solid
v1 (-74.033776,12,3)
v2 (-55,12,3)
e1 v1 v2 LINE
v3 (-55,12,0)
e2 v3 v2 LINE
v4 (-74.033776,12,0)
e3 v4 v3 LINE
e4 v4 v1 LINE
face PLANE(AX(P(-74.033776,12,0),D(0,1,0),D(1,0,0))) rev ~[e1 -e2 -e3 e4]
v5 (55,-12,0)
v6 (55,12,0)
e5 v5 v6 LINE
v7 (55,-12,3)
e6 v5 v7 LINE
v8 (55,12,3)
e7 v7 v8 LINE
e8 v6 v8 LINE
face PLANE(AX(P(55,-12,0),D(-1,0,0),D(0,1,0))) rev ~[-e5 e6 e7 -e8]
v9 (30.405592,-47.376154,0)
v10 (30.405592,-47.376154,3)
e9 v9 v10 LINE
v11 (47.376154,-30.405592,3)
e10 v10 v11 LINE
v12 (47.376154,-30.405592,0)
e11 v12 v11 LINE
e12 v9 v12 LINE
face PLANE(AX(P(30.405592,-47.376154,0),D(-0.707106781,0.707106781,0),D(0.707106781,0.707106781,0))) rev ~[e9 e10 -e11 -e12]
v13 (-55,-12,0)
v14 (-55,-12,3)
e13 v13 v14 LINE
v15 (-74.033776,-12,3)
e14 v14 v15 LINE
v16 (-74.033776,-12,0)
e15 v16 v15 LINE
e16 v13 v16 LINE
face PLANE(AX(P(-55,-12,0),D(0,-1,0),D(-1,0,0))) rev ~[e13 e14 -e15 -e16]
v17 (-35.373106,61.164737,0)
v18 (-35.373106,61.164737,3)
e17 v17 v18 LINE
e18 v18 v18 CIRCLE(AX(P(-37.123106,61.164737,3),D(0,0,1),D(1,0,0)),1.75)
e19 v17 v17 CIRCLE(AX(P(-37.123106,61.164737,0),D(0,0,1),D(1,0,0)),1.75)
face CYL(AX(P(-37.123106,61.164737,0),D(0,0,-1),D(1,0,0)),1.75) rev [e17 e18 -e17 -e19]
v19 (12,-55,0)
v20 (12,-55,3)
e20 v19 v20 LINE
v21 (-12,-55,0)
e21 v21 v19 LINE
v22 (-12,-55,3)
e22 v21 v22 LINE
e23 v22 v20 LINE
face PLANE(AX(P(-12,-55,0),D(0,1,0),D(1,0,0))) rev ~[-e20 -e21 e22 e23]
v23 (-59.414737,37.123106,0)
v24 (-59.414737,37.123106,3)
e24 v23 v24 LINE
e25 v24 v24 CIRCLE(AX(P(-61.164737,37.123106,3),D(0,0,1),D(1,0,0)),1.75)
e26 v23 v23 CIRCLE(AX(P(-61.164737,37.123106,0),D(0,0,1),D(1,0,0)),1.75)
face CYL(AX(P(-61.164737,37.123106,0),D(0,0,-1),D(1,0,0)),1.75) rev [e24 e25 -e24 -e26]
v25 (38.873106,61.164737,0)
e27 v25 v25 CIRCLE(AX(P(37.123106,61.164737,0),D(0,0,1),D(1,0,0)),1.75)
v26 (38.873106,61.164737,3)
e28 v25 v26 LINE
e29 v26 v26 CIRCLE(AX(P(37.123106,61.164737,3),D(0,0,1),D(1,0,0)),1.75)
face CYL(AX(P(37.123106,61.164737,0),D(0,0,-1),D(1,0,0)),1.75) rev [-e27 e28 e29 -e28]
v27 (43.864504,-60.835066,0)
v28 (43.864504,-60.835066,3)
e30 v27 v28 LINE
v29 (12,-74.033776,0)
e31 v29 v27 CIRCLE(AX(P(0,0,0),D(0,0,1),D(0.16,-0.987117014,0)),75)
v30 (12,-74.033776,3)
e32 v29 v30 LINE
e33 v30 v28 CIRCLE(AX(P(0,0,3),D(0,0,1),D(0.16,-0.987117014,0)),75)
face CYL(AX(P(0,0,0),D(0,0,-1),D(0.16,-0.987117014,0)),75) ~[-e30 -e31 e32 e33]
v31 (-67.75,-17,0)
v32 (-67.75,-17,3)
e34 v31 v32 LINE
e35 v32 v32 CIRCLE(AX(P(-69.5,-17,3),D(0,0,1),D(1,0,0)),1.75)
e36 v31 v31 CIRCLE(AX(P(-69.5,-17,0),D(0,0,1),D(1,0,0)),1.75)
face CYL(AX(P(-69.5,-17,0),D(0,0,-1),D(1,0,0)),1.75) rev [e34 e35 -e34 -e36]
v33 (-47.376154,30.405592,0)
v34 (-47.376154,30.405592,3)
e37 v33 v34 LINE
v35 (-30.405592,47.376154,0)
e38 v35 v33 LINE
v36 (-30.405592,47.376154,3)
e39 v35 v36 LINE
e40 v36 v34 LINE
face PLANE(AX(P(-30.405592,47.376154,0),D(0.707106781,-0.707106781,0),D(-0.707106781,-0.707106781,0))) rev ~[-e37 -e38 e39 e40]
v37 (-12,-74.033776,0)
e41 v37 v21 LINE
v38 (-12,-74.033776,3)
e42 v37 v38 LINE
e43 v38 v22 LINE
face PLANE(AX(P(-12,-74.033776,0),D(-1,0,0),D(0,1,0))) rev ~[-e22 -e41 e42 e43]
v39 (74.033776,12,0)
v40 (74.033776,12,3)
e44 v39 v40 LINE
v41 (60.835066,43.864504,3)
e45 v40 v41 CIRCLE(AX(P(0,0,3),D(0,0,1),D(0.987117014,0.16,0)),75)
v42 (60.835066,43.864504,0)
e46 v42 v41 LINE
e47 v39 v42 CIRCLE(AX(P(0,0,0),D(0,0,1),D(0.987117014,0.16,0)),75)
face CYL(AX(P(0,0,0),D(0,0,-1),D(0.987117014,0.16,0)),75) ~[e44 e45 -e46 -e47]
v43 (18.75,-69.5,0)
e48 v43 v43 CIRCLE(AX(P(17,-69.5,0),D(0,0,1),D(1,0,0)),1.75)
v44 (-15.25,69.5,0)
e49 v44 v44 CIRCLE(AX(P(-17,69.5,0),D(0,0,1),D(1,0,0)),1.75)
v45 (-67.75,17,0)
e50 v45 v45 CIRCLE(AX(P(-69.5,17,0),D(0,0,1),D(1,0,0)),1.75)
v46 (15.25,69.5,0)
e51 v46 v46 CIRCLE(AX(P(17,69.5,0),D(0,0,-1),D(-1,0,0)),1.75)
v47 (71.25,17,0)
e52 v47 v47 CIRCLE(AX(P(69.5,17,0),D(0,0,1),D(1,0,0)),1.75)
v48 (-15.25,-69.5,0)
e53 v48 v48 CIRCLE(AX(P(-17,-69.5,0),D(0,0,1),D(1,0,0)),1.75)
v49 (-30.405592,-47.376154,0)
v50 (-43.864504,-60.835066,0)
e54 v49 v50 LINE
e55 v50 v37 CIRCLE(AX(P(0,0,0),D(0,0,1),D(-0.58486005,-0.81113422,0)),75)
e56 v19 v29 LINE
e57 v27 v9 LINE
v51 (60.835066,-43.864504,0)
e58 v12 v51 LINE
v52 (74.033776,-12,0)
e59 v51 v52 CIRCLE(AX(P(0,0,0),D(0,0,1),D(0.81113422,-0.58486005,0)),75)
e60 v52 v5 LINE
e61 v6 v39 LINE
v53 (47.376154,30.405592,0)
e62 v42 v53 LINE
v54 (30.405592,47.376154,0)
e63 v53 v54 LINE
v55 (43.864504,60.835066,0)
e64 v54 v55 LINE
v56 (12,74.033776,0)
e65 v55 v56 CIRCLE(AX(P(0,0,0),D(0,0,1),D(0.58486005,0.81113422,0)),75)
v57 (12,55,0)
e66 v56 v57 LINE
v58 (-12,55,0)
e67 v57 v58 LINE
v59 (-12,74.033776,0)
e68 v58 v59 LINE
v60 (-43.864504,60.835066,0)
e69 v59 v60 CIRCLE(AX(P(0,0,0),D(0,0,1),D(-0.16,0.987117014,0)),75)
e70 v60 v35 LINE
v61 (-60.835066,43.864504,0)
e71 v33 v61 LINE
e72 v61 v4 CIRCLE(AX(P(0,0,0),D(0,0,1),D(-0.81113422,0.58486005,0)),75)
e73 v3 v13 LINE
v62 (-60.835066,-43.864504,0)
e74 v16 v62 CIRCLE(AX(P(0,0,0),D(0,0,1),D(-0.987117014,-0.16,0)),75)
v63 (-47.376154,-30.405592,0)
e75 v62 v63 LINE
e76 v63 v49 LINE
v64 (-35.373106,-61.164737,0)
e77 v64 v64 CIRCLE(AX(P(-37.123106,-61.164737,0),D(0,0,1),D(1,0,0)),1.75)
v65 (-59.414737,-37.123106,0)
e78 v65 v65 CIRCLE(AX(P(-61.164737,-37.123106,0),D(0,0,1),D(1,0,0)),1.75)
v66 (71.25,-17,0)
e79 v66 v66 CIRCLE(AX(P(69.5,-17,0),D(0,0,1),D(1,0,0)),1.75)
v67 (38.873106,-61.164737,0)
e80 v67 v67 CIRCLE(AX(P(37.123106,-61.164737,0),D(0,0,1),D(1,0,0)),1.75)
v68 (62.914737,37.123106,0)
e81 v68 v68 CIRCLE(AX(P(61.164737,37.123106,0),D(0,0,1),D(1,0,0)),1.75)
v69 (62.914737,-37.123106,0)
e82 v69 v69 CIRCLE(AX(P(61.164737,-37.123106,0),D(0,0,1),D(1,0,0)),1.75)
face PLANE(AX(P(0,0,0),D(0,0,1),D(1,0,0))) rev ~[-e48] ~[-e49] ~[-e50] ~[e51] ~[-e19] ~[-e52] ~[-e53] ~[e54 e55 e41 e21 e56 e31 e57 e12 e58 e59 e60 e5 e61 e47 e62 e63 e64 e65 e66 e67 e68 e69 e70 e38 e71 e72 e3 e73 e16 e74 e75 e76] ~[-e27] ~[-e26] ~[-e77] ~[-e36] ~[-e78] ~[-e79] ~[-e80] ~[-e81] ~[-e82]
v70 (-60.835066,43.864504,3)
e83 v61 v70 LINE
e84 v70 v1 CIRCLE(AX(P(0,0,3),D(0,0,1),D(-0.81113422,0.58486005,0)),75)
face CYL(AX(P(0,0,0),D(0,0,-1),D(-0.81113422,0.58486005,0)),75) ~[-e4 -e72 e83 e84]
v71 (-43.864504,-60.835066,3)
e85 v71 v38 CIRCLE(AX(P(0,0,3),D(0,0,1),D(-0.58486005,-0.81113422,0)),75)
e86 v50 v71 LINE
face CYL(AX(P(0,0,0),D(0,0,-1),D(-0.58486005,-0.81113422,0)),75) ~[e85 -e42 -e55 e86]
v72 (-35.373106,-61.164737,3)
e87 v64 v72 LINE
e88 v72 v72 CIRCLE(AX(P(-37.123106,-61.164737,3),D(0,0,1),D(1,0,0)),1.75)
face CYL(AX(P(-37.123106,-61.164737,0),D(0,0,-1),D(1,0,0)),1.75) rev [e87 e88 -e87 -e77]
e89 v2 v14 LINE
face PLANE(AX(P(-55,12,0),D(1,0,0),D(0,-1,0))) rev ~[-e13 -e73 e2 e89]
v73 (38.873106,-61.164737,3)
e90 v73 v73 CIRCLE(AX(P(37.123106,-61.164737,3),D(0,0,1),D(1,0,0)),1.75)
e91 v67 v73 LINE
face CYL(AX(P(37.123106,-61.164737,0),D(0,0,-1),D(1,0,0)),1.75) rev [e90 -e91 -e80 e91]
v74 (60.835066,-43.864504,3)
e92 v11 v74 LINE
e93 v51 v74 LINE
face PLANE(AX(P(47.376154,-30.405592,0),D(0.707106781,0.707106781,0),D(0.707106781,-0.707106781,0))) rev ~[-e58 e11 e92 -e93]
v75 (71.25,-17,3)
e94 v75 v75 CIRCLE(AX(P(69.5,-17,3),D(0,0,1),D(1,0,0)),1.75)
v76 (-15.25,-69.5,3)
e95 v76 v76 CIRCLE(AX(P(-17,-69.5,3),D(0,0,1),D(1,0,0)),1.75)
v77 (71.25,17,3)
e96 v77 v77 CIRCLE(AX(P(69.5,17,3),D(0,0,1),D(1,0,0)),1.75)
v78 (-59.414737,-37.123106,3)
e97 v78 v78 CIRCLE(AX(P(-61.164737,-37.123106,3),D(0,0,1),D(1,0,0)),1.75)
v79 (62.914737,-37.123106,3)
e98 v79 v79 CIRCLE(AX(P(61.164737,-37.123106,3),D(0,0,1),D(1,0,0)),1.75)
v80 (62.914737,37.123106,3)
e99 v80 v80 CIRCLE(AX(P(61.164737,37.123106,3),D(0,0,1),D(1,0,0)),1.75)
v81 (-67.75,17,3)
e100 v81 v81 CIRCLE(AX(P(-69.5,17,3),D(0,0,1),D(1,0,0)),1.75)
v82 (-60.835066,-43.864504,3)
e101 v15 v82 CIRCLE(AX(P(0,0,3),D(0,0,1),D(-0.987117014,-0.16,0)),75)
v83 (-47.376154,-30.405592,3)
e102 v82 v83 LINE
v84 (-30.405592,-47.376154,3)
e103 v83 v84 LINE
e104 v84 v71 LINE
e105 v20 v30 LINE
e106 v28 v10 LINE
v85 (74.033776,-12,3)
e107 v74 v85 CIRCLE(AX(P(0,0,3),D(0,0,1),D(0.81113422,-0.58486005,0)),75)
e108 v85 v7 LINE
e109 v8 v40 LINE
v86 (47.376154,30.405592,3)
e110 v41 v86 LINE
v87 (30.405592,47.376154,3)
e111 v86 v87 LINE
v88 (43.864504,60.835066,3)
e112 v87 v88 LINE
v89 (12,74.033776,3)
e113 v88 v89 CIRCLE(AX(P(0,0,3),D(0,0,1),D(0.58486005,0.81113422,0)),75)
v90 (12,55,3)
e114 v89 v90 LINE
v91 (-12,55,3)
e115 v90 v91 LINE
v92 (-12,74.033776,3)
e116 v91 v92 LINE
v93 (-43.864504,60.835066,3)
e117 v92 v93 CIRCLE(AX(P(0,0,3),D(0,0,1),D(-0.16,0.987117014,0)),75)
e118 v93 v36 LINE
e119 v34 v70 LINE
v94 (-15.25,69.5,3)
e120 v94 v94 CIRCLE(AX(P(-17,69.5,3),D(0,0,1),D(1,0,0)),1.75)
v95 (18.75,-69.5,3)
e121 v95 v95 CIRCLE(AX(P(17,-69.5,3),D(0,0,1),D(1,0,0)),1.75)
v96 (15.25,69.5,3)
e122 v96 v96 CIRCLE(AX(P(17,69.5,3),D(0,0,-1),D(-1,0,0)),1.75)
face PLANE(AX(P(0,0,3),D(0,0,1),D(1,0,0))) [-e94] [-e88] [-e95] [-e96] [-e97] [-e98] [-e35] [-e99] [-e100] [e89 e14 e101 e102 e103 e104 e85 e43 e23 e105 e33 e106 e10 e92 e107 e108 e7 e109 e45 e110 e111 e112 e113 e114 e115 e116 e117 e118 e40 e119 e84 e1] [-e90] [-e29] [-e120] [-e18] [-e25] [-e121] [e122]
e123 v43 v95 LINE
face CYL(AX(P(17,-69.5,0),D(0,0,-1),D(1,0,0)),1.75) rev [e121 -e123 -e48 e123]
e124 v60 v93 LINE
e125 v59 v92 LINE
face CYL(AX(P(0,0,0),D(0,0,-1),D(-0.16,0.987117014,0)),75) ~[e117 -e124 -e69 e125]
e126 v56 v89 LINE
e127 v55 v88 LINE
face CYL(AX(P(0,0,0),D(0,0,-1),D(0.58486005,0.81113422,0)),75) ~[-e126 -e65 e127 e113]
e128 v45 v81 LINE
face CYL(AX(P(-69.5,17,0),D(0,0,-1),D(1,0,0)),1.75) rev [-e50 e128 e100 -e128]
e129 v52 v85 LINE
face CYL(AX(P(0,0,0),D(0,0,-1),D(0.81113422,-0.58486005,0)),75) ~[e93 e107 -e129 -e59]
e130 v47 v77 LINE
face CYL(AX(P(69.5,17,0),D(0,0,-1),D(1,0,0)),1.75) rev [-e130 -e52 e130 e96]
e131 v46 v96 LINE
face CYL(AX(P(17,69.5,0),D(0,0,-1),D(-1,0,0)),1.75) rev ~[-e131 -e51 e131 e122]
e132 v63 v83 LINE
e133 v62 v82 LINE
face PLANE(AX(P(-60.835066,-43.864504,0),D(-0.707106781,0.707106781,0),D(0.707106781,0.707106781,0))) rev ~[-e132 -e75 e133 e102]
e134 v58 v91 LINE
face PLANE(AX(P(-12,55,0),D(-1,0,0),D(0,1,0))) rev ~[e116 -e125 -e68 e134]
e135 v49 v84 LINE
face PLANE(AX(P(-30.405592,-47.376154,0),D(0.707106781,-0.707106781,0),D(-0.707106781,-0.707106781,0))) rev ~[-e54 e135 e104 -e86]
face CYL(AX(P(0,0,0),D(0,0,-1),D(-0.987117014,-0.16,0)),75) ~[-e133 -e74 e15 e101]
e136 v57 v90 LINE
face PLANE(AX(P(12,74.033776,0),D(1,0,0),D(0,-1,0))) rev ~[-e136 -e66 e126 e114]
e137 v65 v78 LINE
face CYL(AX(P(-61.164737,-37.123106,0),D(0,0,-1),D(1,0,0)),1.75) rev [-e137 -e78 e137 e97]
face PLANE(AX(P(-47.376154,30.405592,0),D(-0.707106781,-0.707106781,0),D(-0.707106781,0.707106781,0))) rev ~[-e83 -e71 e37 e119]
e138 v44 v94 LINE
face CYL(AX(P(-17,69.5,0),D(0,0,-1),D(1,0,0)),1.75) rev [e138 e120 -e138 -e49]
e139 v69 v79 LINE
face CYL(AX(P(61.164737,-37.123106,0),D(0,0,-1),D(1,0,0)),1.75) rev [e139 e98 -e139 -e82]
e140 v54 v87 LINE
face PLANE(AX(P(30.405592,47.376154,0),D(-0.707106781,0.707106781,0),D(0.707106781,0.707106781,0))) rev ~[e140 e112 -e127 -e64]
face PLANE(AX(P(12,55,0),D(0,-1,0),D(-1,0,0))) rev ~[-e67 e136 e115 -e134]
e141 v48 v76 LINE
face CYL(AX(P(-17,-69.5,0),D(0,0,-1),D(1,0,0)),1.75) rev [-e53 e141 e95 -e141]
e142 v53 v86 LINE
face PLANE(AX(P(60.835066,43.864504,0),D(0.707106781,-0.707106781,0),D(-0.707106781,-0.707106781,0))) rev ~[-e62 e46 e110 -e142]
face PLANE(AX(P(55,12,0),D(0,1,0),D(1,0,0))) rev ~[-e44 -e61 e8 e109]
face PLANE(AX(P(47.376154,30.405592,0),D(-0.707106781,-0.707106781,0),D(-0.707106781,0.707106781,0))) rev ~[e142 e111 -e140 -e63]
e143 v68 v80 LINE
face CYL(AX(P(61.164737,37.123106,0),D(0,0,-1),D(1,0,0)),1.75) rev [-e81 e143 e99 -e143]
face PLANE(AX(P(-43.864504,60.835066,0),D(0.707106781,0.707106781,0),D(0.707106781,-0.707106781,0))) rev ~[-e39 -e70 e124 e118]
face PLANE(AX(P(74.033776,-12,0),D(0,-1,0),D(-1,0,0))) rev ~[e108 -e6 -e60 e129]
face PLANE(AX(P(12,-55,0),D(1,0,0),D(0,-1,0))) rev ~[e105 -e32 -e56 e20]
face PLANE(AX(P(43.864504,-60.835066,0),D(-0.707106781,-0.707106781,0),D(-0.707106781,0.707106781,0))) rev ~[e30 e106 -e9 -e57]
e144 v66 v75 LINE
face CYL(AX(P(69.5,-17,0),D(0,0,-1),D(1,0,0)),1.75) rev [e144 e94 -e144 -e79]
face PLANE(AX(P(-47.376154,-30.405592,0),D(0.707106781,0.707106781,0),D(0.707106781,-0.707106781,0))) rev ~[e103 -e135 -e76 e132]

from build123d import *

# Parameters (mm, degrees)
SKETCH1_R           = 1.75
BOSS_EXTRUDE2_DEPTH = 3


with BuildPart() as part:
    # Sketch1 → Boss-Extrude2 (new body)
    with BuildSketch(Plane.XY):
        with BuildLine():
            Line((12, 55), (0, 55))
            Line((0, 55), (-12, 55))
            Line((-12, 55), (-12, 69.5))
            Line((-12, 69.5), (-12, 74.033776076))
            ThreePointArc((-12, 74.033776076), (-28.701257427, 69.290964938), (-43.864503726, 60.835066474))
            Line((-43.864503726, 60.835066474), (-30.405591591, 47.376154339))
            Line((-30.405591591, 47.376154339), (-47.376154339, 30.405591591))
            Line((-47.376154339, 30.405591591), (-60.835066474, 43.864503726))
            ThreePointArc((-60.835066474, 43.864503726), (-69.290964938, 28.701257427), (-74.033776076, 12))
            Line((-74.033776076, 12), (-55, 12))
            Line((-55, 12), (-55, -12))
            Line((-55, -12), (-74.033776076, -12))
            ThreePointArc((-74.033776076, -12), (-69.290964938, -28.701257427), (-60.835066474, -43.864503726))
            Line((-60.835066474, -43.864503726), (-47.376154339, -30.405591591))
            Line((-47.376154339, -30.405591591), (-30.405591591, -47.376154339))
            Line((-30.405591591, -47.376154339), (-43.864503726, -60.835066474))
            ThreePointArc((-43.864503726, -60.835066474), (-28.701257427, -69.290964938), (-12, -74.033776076))
            Line((-12, -74.033776076), (-12, -55))
            Line((-12, -55), (12, -55))
            Line((12, -55), (12, -74.033776076))
            ThreePointArc((12, -74.033776076), (28.701257427, -69.290964938), (43.864503726, -60.835066474))
            Line((43.864503726, -60.835066474), (30.405591591, -47.376154339))
            Line((30.405591591, -47.376154339), (47.37615434, -30.405591591))
            Line((47.37615434, -30.405591591), (60.835066474, -43.864503726))
            ThreePointArc((60.835066474, -43.864503726), (69.290964938, -28.701257427), (74.033776076, -12))
            Line((74.033776076, -12), (55, -12))
            Line((55, -12), (55, 12))
            Line((55, 12), (74.033776076, 12))
            ThreePointArc((74.033776076, 12), (69.290964938, 28.701257427), (60.835066474, 43.864503726))
            Line((60.835066474, 43.864503726), (47.376154339, 30.405591591))
            Line((47.376154339, 30.405591591), (30.405591591, 47.37615434))
            Line((30.405591591, 47.37615434), (43.864503726, 60.835066474))
            ThreePointArc((43.864503726, 60.835066474), (28.701257427, 69.290964938), (12, 74.033776076))
            Line((12, 74.033776076), (12, 69.5))
            Line((12, 69.5), (12, 55))
        make_face()
        with Locations((-37.123106012, -61.164736573)):
            Circle(SKETCH1_R, mode=Mode.SUBTRACT)
        with Locations((-17, -69.5)):
            Circle(SKETCH1_R, mode=Mode.SUBTRACT)
        with Locations((-61.164736573, -37.123106012)):
            Circle(SKETCH1_R, mode=Mode.SUBTRACT)
        with Locations((-69.5, -17)):
            Circle(SKETCH1_R, mode=Mode.SUBTRACT)
        with Locations((17, -69.5)):
            Circle(SKETCH1_R, mode=Mode.SUBTRACT)
        with Locations((37.123106012, -61.164736573)):
            Circle(SKETCH1_R, mode=Mode.SUBTRACT)
        with Locations((61.164736573, -37.123106012)):
            Circle(SKETCH1_R, mode=Mode.SUBTRACT)
        with Locations((69.5, -17)):
            Circle(SKETCH1_R, mode=Mode.SUBTRACT)
        with Locations((-69.5, 17)):
            Circle(SKETCH1_R, mode=Mode.SUBTRACT)
        with Locations((-61.164736573, 37.123106012)):
            Circle(SKETCH1_R, mode=Mode.SUBTRACT)
        with Locations((-37.123106012, 61.164736573)):
            Circle(SKETCH1_R, mode=Mode.SUBTRACT)
        with Locations((-17, 69.5)):
            Circle(SKETCH1_R, mode=Mode.SUBTRACT)
        with Locations((69.5, 17)):
            Circle(SKETCH1_R, mode=Mode.SUBTRACT)
        with Locations((61.164736573, 37.123106012)):
            Circle(SKETCH1_R, mode=Mode.SUBTRACT)
        with BuildLine():
            ThreePointArc((18.75, 69.5), (17, 67.75), (15.25, 69.5))
            ThreePointArc((15.25, 69.5), (17, 71.25), (18.75, 69.5))
        make_face(mode=Mode.SUBTRACT)
        with Locations((37.123106012, 61.164736573)):
            Circle(SKETCH1_R, mode=Mode.SUBTRACT)
    extrude(amount=BOSS_EXTRUDE2_DEPTH)


solid = part.part
